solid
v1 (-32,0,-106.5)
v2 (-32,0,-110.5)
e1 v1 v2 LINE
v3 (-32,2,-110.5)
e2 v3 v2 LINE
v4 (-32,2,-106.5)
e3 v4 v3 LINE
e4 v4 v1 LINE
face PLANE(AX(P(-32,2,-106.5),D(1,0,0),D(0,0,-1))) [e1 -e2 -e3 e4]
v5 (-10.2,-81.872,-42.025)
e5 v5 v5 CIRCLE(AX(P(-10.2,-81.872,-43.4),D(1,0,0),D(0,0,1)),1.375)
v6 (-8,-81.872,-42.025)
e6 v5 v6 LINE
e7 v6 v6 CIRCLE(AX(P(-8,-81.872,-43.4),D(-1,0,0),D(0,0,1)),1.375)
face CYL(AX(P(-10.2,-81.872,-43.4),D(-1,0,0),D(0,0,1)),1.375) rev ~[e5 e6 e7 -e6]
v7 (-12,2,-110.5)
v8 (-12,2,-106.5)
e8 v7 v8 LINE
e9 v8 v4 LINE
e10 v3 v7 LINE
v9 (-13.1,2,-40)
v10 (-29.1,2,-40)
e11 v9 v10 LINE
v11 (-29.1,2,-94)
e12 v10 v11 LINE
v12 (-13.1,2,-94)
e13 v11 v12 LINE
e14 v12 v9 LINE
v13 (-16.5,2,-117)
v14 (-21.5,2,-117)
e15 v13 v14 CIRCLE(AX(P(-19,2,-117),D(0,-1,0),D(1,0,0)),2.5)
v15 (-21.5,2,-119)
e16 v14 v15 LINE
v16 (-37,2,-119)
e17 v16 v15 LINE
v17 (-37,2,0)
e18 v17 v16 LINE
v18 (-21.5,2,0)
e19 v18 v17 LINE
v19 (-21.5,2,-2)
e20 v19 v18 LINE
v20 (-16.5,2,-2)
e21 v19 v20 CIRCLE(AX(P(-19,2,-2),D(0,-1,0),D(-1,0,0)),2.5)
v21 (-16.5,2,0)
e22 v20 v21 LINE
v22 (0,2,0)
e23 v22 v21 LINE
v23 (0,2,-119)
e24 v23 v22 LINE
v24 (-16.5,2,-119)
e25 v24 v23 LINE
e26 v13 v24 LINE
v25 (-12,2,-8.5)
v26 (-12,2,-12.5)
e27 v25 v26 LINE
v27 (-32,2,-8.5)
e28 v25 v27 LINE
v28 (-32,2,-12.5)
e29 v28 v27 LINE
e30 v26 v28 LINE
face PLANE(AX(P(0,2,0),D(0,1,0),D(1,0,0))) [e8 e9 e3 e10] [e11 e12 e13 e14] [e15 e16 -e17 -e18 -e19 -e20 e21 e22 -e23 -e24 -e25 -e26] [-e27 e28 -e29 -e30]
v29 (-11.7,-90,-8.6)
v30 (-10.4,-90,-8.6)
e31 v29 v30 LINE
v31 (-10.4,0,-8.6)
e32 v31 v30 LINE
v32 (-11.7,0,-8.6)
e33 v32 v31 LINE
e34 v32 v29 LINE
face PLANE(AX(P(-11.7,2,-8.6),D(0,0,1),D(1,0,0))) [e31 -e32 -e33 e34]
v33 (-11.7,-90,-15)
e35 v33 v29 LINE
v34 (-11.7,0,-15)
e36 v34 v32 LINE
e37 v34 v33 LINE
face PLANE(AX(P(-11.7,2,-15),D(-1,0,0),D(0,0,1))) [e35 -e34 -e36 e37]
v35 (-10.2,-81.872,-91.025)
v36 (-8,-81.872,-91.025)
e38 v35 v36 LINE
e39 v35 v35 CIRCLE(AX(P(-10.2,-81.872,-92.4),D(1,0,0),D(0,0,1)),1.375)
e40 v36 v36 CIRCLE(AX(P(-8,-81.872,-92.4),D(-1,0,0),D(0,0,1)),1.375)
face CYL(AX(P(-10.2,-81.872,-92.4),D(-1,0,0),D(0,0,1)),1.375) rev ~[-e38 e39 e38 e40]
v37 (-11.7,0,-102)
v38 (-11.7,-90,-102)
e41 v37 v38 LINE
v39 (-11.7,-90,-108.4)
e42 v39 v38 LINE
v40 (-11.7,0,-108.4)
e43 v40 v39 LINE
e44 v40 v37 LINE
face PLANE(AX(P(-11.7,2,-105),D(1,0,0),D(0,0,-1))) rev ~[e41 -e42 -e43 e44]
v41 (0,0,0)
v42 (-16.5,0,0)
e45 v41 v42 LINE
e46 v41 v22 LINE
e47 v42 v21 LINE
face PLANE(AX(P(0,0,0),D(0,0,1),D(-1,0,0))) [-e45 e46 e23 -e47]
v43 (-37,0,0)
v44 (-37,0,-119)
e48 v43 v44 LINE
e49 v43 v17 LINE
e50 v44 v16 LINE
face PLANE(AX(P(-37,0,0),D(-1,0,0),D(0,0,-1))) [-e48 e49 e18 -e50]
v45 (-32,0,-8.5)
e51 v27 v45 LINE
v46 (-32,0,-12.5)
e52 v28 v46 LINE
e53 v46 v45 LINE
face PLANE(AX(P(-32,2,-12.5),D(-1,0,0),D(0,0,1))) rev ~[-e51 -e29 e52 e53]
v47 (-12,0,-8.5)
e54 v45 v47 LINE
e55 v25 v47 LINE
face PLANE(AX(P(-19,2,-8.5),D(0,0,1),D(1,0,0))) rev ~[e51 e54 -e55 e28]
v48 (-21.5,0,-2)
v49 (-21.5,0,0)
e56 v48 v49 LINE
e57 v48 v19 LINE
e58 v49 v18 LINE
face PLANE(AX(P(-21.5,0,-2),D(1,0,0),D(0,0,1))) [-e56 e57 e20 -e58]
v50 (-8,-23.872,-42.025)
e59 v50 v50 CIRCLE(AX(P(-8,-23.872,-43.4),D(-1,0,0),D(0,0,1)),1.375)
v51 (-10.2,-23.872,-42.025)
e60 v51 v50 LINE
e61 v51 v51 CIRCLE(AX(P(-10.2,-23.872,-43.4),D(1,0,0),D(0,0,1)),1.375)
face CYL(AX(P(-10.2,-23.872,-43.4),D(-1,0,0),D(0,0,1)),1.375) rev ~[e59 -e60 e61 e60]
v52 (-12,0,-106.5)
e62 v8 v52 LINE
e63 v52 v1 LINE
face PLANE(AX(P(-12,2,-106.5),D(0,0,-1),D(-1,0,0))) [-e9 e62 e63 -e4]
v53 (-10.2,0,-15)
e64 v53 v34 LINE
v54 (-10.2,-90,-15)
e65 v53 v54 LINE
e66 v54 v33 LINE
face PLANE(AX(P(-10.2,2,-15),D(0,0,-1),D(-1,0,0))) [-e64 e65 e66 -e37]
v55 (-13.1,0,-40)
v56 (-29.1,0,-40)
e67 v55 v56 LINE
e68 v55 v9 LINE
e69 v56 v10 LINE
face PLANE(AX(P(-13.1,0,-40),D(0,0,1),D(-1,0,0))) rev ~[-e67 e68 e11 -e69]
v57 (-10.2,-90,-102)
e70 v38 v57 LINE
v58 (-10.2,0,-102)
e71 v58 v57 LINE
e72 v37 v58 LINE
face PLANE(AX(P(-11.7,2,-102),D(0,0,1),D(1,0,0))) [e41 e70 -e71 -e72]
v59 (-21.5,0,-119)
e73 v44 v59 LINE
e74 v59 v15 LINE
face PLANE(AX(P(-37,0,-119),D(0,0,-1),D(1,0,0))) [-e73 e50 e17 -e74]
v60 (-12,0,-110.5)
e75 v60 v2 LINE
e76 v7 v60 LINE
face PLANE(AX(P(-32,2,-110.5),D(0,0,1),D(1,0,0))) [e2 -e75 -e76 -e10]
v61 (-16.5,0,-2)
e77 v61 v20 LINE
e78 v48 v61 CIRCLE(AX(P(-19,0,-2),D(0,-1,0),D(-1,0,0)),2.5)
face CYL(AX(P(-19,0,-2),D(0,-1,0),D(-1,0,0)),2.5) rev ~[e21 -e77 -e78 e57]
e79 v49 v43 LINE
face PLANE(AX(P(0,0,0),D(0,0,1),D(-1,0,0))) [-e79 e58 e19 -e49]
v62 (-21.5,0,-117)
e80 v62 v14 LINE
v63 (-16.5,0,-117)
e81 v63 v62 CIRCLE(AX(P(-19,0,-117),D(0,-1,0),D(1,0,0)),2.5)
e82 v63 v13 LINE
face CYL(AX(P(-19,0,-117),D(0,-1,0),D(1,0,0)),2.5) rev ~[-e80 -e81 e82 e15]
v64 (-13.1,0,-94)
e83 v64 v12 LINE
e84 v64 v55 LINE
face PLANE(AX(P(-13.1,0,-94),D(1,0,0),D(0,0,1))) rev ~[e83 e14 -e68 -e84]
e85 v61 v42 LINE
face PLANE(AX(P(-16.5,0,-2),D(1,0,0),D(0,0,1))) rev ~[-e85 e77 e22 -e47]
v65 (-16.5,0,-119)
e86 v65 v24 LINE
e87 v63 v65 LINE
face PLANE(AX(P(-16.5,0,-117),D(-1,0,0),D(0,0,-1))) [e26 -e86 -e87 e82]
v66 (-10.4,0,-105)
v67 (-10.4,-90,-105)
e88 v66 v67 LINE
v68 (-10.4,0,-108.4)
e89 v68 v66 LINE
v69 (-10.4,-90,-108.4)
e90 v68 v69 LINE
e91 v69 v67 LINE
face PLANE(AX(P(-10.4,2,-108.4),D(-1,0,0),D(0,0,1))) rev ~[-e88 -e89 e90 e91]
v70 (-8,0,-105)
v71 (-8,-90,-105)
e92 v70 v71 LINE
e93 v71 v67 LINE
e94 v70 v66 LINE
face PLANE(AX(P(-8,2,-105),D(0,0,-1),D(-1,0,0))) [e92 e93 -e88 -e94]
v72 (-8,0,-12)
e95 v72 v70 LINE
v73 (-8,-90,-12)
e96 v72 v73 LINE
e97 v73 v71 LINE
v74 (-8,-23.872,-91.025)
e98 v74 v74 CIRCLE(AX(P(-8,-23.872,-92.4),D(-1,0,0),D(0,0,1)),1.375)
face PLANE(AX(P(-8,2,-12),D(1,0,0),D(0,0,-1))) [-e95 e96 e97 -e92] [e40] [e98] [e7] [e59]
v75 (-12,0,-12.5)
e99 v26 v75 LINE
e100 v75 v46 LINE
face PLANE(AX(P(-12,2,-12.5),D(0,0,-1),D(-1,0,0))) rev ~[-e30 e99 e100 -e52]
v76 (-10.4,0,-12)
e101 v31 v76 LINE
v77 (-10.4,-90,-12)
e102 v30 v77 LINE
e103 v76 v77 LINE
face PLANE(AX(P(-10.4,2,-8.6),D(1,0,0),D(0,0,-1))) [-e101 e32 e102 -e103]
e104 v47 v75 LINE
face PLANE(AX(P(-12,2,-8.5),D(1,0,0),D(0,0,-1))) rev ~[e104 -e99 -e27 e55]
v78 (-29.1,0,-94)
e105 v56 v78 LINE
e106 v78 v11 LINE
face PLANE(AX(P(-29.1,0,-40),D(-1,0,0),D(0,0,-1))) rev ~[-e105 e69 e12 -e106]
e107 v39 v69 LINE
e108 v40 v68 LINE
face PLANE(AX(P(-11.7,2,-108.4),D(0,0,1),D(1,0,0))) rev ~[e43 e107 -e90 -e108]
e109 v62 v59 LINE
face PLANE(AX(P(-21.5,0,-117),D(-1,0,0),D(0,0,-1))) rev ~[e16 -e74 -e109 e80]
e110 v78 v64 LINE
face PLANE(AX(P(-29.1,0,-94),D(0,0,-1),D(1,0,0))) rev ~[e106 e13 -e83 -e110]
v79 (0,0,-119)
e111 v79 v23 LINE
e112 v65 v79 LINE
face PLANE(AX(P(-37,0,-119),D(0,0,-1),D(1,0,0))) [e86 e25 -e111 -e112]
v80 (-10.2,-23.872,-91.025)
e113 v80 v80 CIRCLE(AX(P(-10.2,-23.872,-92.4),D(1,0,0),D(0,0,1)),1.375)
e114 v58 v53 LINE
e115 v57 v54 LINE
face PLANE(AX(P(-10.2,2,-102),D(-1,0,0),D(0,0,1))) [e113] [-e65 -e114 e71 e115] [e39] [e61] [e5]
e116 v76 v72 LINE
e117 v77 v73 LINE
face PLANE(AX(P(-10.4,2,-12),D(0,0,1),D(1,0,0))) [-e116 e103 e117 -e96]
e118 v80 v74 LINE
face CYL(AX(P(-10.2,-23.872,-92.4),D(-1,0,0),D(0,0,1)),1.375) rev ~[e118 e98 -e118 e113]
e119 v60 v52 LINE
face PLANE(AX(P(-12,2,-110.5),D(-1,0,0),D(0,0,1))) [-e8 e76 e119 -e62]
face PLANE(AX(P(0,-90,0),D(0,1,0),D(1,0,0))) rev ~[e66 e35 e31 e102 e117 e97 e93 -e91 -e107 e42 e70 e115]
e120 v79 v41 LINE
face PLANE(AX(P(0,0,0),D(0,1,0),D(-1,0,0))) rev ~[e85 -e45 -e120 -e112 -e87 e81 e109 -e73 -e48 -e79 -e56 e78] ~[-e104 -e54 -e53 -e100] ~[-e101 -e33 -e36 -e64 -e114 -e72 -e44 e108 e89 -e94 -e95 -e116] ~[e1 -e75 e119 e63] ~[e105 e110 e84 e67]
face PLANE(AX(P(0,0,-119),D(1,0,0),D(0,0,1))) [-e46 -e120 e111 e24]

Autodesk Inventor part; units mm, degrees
ref_plane "YZ Plane" through (0, 0, 0) normal (1, 0, 0) x (0, 1, 0)
ref_plane "XZ Plane" through (0, 0, 0) normal (0, 1, 0) x (-1, 0, 0)
ref_plane "XY Plane" through (0, 0, 0) normal (0, 0, 1) x (1, 0, 0)
sketch "Sketch1" plane through (0, 0, 0) normal (0, 1, 0) x (-1, 0, 0)
  line L0 (0, 0) -> (37, 0)
  line L1 (37, 0) -> (37, -119)
  line L2 (37, -119) -> (0, -119)
  line L3 (0, -119) -> (0, 0)
  dimension "d0" = 37
  dimension "d1" = 119
extrude "Extrusion1" add sketch "Sketch1" along normal blind 2
sketch "Sketch3" plane through (0, 0, 0) normal (0, -1, 0) x (1, 0, 0)
  line L0 (0, 0) -> (-16.5, 0)
  line L1 (-37, 0) -> (0, 0) projected
  line L2 (-19, 0) -> (-19, -2)
  arc A0 (-21.5, -2) -> (-16.5, -2) centre (-19, -2) ccw
  line L3 (0, 0) -> (0, -119) projected
  line L4 (0, -119) -> (-19, -119)
  line L5 (0, -119) -> (-37, -119) projected
  line L6 (-19, -119) -> (-19, -117)
  arc A1 (-16.5, -117) -> (-21.5, -117) centre (-19, -117) ccw
  line L7 (-16.5, -117) -> (-16.5, -119)
  line L8 (-21.5, -117) -> (-21.5, -119)
  line L9 (-21.5, -119) -> (-16.5, -119)
  line L10 (-21.5, -2) -> (-21.5, 0)
  line L11 (-16.5, -2) -> (-16.5, 0)
  line L12 (-21.5, 0) -> (-16.5, 0)
  dimension "d14" = 19
  dimension "d15" = 2
  dimension "d16" = 5
  dimension "d17" = 19
  dimension "d18" = 2
  dimension "d19" = 5
extrude "Extrusion3" cut sketch "Sketch3" against normal blind 2
sketch "Sketch4" plane through (0, 2, 0) normal (0, 1, 0) x (1, 0, 0)
  line L0 (0, 119) -> (0, 0) projected
  line L1 (0, 0) -> (0, 12)
  line L2 (0, 12) -> (-6, 12)
  line L3 (-32, 12) -> (-32, 105)
  line L4 (-6, 105) -> (-6, 12)
  line L5 (-11.7, 105) -> (-11.7, 108.4)
  line L6 (-11.7, 108.4) -> (-10.4, 108.4)
  line L7 (-10.4, 108.4) -> (-10.4, 105)
  line L8 (-6, 12) -> (-8, 12)
  line L9 (-8, 12) -> (-8, 105)
  line L10 (-11.7, 105) -> (-11.7, 102)
  line L11 (-11.7, 102) -> (-10.2, 102)
  line L12 (-10.2, 102) -> (-10.2, 15)
  line L13 (-32, 105) -> (-11.7, 105)
  line L14 (-10.2, 15) -> (-11.7, 15)
  line L15 (-11.7, 15) -> (-11.7, 12)
  line L16 (-11.7, 12) -> (-11.7, 8.6)
  line L17 (-11.7, 8.6) -> (-10.4, 8.6)
  line L18 (-10.4, 8.6) -> (-10.4, 12)
  line L19 (-10.4, 12) -> (-8, 12)
  line L20 (-6, 105) -> (-8, 105)
  line L21 (-8, 105) -> (-10.4, 105)
  line L22 (-32, 12) -> (-11.7, 12)
  point P0 (-19, 2)
  dimension "d59" = 12
  dimension "d60" = 6
  dimension "d61" = 26
  dimension "d62" = 93
  dimension "d73" = 2
  dimension "d121" = 2
  dimension "d122" = 93
  dimension "d125" = 20.3
  dimension "d126" = 20.3
  dimension "d127" = 3.4
  dimension "d128" = 3.4
  dimension "d129" = 87
  dimension "d130" = 2.2
  dimension "d154" = 1.3
  dimension "d155" = 1.3
  dimension "d156" = 4.4
  dimension "d157" = 4.4
  dimension "d158" = 1.5
  dimension "d159" = 1.5
extrude "Extrusion7" add sketch "Sketch4" against normal blind 92 contours L15 L14 L12 L11 L10 L5 L6 L7 L21 L9 L19 L18 L17 L16
sketch "Sketch6" plane through (-10.2, -90, -102) normal (-1, 0, 0) x (0, 0, 1)
  line L0 (102, 92) -> (-17, 92) projected
  line L1 (-6.4, 92) -> (58.6, 92)
  line L2 (58.6, 92) -> (58.6, 66.128)
  circle A0 centre (58.6, 66.128) radius 1.375
  line L3 (-6.4, 90) -> (-6.4, 0) projected
  line L4 (58.6, 66.128) -> (58.6, 8.128)
  circle A1 centre (58.6, 8.128) radius 1.375
  line L5 (58.6, 8.128) -> (9.6, 8.128)
  circle A2 centre (9.6, 8.128) radius 1.375
  line L6 (9.6, 8.128) -> (9.6, 66.128)
  circle A3 centre (9.6, 66.128) radius 1.375
  point P0 (102, 90)
  dimension "d80" = 65
  dimension "d81" = 25.872
  dimension "d82" = 2.75
  dimension "d83" = 65
  dimension "d87" = 58
  dimension "d88" = 2.75
  dimension "d89" = 49
  dimension "d90" = 2.75
  dimension "d91" = 2.75
extrude "Extrusion8" cut sketch "Sketch6" against normal blind 2.2
sketch "Sketch7" plane through (0, 0, 0) normal (0, -1, 0) x (1, 0, 0)
  line L0 (-10.2, -102) -> (-10.2, -15) projected
  line L1 (-10.2, -102) -> (-10.2, -40)
  line L2 (-10.2, -40) -> (-13.1, -40)
  line L3 (-13.1, -40) -> (-29.1, -40)
  line L4 (-29.1, -40) -> (-29.1, -94)
  line L5 (-29.1, -94) -> (-13.1, -94)
  line L6 (-13.1, -94) -> (-13.1, -40)
  point P0 (0, 0)
  point P1 (-10, -12)
  point P2 (-10.2, -15)
  dimension "d94" = 62
  dimension "d95" = 2.9
  dimension "d96" = 16
  dimension "d97" = 54
extrude "Extrusion9" cut sketch "Sketch7" against normal blind 2
sketch "Sketch9" plane through (0, 2, 0) normal (0, 1, 0) x (1, 0, 0)
  line L0 (0, 0) -> (0, 119) projected
  arc A0 (-16.5, 2) -> (-21.5, 2) centre (-19, 2) ccw projected
  line L1 (-19, 2) -> (-19, 8.5)
  line L2 (-37, 0) -> (-37, 119) projected
  line L3 (-37, 8.5) -> (-32, 8.5)
  line L4 (-32, 8.5) -> (-12, 8.5)
  line L5 (-12, 8.5) -> (-12, 12.5)
  line L6 (-12, 12.5) -> (-32, 12.5)
  line L7 (-32, 12.5) -> (-32, 8.5)
  line L8 (-37, 0) -> (-21.5, 0) projected
  arc A1 (-21.5, 117) -> (-16.5, 117) centre (-19, 117) ccw projected
  line L9 (-19, 117) -> (-19, 110.5)
  line L10 (-37, 110.5) -> (-32, 110.5)
  line L11 (-32, 110.5) -> (-12, 110.5)
  line L12 (-12, 110.5) -> (-12, 106.5)
  line L13 (-12, 106.5) -> (-32, 106.5)
  line L14 (-32, 106.5) -> (-32, 110.5)
  line L15 (-21.5, 119) -> (-37, 119) projected
  dimension "d142" = 6.5
  dimension "d143" = 5
  dimension "d144" = 20
  dimension "d145" = 4
  dimension "d146" = 12.5
  dimension "d147" = 6.5
  dimension "d148" = 5
  dimension "d149" = 20
  dimension "d150" = 4
  dimension "d151" = 12.5
extrude "Extrusion11" cut sketch "Sketch9" against normal blind 2
properties part number "Slot"
